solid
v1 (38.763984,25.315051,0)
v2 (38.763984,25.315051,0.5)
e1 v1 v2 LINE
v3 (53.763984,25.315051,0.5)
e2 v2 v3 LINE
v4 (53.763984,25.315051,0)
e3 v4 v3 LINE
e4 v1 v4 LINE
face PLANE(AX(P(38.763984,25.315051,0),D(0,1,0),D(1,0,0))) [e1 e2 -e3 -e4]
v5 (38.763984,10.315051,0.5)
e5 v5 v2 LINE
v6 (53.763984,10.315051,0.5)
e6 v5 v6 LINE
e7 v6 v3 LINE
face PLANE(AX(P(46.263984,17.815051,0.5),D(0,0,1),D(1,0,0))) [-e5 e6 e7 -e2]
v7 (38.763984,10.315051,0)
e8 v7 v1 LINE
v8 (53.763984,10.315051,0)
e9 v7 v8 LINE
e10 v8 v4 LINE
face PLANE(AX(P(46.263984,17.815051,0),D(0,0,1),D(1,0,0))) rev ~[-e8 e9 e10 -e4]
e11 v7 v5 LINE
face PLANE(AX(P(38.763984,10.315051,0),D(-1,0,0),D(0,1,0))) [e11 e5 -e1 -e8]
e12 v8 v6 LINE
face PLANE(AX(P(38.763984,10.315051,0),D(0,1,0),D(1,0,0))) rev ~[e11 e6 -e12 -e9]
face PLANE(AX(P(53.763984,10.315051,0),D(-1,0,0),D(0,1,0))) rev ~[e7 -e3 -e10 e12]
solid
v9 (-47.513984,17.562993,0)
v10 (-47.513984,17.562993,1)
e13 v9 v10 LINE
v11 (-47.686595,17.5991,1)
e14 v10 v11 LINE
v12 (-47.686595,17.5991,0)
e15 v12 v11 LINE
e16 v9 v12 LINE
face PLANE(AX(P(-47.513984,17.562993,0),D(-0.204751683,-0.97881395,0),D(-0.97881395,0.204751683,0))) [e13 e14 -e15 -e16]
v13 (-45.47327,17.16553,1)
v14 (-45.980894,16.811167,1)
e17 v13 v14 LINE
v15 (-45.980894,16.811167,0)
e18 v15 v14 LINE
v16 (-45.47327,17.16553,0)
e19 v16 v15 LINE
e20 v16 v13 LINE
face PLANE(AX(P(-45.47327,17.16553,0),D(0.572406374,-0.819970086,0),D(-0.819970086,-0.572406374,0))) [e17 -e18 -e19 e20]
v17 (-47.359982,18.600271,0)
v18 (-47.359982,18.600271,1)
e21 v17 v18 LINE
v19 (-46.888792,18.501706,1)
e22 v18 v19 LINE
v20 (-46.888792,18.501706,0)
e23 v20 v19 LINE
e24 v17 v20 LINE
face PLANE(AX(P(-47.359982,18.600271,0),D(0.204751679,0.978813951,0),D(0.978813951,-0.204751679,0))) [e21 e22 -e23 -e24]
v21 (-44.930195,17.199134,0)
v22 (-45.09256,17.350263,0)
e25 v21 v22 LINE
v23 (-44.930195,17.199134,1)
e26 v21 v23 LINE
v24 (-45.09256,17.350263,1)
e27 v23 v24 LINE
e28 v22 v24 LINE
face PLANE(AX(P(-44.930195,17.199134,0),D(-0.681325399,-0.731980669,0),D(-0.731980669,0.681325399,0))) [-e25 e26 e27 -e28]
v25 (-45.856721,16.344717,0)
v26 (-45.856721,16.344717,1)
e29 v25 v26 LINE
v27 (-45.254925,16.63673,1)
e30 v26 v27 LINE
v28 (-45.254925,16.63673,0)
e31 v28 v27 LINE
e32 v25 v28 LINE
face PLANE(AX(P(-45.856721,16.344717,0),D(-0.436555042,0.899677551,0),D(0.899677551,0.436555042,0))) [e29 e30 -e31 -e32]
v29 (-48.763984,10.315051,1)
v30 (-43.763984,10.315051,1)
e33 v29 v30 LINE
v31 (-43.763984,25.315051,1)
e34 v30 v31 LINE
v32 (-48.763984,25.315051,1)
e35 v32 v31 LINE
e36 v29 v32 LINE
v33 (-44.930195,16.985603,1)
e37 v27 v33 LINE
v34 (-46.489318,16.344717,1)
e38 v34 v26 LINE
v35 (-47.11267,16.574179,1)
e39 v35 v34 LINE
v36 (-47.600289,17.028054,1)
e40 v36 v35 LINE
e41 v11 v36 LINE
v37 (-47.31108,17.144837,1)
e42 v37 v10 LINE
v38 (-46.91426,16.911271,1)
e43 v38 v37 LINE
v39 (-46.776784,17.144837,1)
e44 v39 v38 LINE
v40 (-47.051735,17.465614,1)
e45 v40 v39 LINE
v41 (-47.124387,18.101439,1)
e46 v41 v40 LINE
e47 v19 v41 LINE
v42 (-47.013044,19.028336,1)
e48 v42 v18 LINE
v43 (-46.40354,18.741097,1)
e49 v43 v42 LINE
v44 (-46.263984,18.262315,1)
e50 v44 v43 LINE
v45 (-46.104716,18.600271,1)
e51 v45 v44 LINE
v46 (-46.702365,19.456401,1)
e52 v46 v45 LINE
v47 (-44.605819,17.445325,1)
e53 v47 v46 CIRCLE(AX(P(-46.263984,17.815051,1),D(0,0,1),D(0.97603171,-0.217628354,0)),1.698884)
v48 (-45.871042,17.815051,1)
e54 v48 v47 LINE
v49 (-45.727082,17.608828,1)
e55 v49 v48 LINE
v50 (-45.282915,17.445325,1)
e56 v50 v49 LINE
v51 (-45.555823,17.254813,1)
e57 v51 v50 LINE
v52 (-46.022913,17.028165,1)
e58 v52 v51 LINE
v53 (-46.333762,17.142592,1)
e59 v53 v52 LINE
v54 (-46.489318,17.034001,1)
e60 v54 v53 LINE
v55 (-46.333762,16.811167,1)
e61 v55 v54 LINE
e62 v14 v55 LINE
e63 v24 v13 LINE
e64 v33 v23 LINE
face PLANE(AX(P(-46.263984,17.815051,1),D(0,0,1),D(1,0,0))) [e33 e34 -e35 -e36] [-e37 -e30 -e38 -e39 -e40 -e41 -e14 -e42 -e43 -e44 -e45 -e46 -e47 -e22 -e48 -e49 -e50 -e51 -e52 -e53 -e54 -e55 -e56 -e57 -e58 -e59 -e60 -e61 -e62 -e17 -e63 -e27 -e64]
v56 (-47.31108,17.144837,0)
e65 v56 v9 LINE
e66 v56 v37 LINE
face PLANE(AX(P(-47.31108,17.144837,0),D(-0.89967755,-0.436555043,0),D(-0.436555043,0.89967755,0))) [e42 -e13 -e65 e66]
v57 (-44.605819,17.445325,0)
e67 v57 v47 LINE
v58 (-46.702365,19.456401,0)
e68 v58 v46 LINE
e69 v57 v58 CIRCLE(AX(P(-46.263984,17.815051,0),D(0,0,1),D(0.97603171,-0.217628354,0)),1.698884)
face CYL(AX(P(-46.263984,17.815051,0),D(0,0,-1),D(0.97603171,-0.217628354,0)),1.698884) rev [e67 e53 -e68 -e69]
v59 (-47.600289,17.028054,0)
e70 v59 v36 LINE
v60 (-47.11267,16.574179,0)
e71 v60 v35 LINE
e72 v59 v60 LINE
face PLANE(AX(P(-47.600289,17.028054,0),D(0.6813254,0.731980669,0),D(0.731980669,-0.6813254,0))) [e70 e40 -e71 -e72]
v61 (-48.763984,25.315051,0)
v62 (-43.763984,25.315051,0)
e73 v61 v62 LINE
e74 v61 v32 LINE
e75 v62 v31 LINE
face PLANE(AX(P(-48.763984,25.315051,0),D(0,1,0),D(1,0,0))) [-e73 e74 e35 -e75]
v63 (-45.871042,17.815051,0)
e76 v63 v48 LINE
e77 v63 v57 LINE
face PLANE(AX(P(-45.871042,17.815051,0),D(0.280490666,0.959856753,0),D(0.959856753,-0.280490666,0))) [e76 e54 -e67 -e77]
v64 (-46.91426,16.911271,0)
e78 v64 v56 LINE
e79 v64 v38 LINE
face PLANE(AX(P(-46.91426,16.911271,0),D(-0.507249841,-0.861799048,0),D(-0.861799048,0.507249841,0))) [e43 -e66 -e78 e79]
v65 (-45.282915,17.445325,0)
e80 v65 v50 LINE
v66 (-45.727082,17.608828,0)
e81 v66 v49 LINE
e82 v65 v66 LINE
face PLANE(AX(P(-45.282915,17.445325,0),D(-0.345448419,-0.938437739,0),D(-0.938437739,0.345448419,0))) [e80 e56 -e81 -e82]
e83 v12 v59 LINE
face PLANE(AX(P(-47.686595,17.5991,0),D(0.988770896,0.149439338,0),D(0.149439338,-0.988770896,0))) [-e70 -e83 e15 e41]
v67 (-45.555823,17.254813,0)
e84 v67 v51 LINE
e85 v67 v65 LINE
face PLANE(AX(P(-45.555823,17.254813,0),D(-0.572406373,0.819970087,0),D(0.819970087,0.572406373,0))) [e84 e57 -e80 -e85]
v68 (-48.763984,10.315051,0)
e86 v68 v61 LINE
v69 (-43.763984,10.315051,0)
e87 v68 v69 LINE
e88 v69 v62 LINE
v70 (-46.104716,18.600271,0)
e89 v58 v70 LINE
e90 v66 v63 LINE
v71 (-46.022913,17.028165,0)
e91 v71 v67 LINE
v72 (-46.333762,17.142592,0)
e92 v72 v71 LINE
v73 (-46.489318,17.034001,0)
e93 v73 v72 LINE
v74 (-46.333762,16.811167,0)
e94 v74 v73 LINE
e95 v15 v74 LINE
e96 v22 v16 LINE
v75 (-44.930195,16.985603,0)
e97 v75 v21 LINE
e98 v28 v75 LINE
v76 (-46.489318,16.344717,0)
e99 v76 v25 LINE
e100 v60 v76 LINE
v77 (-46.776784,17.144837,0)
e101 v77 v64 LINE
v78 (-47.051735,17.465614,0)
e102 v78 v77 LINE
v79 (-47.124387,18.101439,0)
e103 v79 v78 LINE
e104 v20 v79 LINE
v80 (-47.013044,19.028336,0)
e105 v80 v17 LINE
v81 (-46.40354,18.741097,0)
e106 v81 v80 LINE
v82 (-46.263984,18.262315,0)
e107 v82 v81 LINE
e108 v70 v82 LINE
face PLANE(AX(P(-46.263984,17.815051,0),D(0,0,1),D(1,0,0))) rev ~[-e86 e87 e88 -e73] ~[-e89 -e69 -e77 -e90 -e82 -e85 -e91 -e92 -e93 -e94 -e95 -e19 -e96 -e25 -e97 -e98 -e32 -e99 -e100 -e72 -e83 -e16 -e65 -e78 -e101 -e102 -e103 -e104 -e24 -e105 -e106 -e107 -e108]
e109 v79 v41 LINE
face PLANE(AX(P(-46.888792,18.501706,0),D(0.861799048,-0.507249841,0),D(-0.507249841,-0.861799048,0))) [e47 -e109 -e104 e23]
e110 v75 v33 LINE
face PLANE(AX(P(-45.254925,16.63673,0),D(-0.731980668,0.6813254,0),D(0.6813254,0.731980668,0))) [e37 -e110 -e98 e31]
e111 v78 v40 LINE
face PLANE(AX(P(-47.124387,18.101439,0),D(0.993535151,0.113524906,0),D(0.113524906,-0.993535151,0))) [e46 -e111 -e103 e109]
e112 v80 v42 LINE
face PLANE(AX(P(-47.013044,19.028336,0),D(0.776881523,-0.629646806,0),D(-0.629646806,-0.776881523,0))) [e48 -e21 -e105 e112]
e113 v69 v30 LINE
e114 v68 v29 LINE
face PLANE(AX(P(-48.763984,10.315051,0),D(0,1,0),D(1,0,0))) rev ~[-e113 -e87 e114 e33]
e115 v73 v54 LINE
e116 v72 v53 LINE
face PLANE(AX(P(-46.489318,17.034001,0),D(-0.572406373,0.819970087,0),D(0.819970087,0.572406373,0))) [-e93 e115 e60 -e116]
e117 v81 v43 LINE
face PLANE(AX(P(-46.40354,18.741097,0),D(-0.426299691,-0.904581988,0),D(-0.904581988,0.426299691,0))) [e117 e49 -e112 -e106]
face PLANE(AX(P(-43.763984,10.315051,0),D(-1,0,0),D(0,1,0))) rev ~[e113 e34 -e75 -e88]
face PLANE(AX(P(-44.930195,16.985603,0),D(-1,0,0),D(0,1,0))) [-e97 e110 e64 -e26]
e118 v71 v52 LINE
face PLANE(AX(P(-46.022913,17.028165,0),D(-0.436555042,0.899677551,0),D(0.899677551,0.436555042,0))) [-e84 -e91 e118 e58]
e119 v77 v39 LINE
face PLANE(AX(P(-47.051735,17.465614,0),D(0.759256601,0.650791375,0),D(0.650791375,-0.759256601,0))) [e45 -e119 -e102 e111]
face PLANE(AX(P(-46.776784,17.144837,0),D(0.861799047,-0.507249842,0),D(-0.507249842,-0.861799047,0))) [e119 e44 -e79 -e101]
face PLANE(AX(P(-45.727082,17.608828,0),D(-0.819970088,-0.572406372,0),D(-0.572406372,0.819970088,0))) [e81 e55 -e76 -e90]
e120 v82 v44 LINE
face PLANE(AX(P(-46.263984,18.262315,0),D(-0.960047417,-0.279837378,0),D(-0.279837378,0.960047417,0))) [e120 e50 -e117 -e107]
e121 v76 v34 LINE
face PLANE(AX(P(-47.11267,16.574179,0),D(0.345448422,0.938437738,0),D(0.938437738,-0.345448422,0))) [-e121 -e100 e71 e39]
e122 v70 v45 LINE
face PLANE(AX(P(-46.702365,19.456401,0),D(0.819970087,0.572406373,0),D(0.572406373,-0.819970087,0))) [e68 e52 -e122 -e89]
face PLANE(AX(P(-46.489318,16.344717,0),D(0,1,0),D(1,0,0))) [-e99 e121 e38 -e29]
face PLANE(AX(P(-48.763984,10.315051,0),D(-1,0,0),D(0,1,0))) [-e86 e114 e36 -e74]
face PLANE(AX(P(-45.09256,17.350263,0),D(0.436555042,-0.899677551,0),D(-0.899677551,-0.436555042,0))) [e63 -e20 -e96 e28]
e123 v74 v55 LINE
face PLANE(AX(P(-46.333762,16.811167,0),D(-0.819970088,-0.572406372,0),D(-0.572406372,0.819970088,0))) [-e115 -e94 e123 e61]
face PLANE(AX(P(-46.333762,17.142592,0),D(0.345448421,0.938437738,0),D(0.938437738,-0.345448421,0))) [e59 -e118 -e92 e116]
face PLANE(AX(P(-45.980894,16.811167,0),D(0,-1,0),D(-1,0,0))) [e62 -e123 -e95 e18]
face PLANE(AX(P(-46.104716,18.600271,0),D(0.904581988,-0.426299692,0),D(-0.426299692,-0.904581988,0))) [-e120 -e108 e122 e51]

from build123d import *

# Parameters (mm, degrees)
CROQUIS1_W              = 15
CROQUIS1_H              = 15
SALIENTE_EXTRUIR1_DEPTH = 0.5
CROQUIS2_W              = 5
CROQUIS2_H              = 15
SALIENTE_EXTRUIR2_DEPTH = 1


with BuildPart() as part:
    # Croquis1 → Saliente-Extruir1 (new body)
    with BuildSketch(Plane.XY):
        with Locations((46.263983636, 17.815050794)):
            Rectangle(CROQUIS1_W, CROQUIS1_H)
    extrude(amount=SALIENTE_EXTRUIR1_DEPTH)


with BuildPart() as body_2:
    # Croquis2 → Saliente-Extruir2 (new body)
    with BuildSketch(Plane.XY):
        with Locations((-46.263983636, 17.815050794)):
            Rectangle(CROQUIS2_W, CROQUIS2_H)
        with BuildLine():
            Line((-46.702364849, 19.456400566), (-46.104716051, 18.600270795))
            Line((-46.104716051, 18.600270795), (-46.263983636, 18.262314678))
            Line((-46.263983636, 18.262314678), (-46.40354045, 18.74109689))
            Line((-46.40354045, 18.74109689), (-47.013043673, 19.02833568))
            Line((-47.013043673, 19.02833568), (-47.359981629, 18.600270795))
            Line((-47.359981629, 18.600270795), (-46.888792293, 18.501705784))
            Line((-46.888792293, 18.501705784), (-47.124386961, 18.101439004))
            Line((-47.124386961, 18.101439004), (-47.051735301, 17.465613962))
            Line((-47.051735301, 17.465613962), (-46.776783931, 17.144837365))
            Line((-46.776783931, 17.144837365), (-46.914259616, 16.911271172))
            Line((-46.914259616, 16.911271172), (-47.311080091, 17.144837365))
            Line((-47.311080091, 17.144837365), (-47.513983636, 17.562992572))
            Line((-47.513983636, 17.562992572), (-47.686595328, 17.599100082))
            Line((-47.686595328, 17.599100082), (-47.600289482, 17.028054268))
            Line((-47.600289482, 17.028054268), (-47.112669854, 16.574179388))
            Line((-47.112669854, 16.574179388), (-46.489318425, 16.344717423))
            Line((-46.489318425, 16.344717423), (-45.856721312, 16.344717423))
            Line((-45.856721312, 16.344717423), (-45.254925471, 16.636729832))
            Line((-45.254925471, 16.636729832), (-44.93019506, 16.985603341))
            Line((-44.93019506, 16.985603341), (-44.93019506, 17.199134303))
            Line((-44.93019506, 17.199134303), (-45.092560266, 17.350263347))
            Line((-45.092560266, 17.350263347), (-45.473269715, 17.165529795))
            Line((-45.473269715, 17.165529795), (-45.980893746, 16.811166586))
            Line((-45.980893746, 16.811166586), (-46.333762043, 16.811166586))
            Line((-46.333762043, 16.811166586), (-46.489318425, 17.034000549))
            Line((-46.489318425, 17.034000549), (-46.333762043, 17.142591662))
            Line((-46.333762043, 17.142591662), (-46.022912745, 17.028164892))
            Line((-46.022912745, 17.028164892), (-45.555823392, 17.254812997))
            Line((-45.555823392, 17.254812997), (-45.28291499, 17.445325445))
            Line((-45.28291499, 17.445325445), (-45.727081731, 17.608827713))
            Line((-45.727081731, 17.608827713), (-45.871042355, 17.815050794))
            Line((-45.871042355, 17.815050794), (-44.605818889, 17.445325445))
            ThreePointArc((-44.605818889, 17.445325445), (-45.087942075, 19.041074207), (-46.702364849, 19.456400566))
        make_face(mode=Mode.SUBTRACT)
    extrude(amount=SALIENTE_EXTRUIR2_DEPTH)


solid = Compound([part.part, body_2.part])
